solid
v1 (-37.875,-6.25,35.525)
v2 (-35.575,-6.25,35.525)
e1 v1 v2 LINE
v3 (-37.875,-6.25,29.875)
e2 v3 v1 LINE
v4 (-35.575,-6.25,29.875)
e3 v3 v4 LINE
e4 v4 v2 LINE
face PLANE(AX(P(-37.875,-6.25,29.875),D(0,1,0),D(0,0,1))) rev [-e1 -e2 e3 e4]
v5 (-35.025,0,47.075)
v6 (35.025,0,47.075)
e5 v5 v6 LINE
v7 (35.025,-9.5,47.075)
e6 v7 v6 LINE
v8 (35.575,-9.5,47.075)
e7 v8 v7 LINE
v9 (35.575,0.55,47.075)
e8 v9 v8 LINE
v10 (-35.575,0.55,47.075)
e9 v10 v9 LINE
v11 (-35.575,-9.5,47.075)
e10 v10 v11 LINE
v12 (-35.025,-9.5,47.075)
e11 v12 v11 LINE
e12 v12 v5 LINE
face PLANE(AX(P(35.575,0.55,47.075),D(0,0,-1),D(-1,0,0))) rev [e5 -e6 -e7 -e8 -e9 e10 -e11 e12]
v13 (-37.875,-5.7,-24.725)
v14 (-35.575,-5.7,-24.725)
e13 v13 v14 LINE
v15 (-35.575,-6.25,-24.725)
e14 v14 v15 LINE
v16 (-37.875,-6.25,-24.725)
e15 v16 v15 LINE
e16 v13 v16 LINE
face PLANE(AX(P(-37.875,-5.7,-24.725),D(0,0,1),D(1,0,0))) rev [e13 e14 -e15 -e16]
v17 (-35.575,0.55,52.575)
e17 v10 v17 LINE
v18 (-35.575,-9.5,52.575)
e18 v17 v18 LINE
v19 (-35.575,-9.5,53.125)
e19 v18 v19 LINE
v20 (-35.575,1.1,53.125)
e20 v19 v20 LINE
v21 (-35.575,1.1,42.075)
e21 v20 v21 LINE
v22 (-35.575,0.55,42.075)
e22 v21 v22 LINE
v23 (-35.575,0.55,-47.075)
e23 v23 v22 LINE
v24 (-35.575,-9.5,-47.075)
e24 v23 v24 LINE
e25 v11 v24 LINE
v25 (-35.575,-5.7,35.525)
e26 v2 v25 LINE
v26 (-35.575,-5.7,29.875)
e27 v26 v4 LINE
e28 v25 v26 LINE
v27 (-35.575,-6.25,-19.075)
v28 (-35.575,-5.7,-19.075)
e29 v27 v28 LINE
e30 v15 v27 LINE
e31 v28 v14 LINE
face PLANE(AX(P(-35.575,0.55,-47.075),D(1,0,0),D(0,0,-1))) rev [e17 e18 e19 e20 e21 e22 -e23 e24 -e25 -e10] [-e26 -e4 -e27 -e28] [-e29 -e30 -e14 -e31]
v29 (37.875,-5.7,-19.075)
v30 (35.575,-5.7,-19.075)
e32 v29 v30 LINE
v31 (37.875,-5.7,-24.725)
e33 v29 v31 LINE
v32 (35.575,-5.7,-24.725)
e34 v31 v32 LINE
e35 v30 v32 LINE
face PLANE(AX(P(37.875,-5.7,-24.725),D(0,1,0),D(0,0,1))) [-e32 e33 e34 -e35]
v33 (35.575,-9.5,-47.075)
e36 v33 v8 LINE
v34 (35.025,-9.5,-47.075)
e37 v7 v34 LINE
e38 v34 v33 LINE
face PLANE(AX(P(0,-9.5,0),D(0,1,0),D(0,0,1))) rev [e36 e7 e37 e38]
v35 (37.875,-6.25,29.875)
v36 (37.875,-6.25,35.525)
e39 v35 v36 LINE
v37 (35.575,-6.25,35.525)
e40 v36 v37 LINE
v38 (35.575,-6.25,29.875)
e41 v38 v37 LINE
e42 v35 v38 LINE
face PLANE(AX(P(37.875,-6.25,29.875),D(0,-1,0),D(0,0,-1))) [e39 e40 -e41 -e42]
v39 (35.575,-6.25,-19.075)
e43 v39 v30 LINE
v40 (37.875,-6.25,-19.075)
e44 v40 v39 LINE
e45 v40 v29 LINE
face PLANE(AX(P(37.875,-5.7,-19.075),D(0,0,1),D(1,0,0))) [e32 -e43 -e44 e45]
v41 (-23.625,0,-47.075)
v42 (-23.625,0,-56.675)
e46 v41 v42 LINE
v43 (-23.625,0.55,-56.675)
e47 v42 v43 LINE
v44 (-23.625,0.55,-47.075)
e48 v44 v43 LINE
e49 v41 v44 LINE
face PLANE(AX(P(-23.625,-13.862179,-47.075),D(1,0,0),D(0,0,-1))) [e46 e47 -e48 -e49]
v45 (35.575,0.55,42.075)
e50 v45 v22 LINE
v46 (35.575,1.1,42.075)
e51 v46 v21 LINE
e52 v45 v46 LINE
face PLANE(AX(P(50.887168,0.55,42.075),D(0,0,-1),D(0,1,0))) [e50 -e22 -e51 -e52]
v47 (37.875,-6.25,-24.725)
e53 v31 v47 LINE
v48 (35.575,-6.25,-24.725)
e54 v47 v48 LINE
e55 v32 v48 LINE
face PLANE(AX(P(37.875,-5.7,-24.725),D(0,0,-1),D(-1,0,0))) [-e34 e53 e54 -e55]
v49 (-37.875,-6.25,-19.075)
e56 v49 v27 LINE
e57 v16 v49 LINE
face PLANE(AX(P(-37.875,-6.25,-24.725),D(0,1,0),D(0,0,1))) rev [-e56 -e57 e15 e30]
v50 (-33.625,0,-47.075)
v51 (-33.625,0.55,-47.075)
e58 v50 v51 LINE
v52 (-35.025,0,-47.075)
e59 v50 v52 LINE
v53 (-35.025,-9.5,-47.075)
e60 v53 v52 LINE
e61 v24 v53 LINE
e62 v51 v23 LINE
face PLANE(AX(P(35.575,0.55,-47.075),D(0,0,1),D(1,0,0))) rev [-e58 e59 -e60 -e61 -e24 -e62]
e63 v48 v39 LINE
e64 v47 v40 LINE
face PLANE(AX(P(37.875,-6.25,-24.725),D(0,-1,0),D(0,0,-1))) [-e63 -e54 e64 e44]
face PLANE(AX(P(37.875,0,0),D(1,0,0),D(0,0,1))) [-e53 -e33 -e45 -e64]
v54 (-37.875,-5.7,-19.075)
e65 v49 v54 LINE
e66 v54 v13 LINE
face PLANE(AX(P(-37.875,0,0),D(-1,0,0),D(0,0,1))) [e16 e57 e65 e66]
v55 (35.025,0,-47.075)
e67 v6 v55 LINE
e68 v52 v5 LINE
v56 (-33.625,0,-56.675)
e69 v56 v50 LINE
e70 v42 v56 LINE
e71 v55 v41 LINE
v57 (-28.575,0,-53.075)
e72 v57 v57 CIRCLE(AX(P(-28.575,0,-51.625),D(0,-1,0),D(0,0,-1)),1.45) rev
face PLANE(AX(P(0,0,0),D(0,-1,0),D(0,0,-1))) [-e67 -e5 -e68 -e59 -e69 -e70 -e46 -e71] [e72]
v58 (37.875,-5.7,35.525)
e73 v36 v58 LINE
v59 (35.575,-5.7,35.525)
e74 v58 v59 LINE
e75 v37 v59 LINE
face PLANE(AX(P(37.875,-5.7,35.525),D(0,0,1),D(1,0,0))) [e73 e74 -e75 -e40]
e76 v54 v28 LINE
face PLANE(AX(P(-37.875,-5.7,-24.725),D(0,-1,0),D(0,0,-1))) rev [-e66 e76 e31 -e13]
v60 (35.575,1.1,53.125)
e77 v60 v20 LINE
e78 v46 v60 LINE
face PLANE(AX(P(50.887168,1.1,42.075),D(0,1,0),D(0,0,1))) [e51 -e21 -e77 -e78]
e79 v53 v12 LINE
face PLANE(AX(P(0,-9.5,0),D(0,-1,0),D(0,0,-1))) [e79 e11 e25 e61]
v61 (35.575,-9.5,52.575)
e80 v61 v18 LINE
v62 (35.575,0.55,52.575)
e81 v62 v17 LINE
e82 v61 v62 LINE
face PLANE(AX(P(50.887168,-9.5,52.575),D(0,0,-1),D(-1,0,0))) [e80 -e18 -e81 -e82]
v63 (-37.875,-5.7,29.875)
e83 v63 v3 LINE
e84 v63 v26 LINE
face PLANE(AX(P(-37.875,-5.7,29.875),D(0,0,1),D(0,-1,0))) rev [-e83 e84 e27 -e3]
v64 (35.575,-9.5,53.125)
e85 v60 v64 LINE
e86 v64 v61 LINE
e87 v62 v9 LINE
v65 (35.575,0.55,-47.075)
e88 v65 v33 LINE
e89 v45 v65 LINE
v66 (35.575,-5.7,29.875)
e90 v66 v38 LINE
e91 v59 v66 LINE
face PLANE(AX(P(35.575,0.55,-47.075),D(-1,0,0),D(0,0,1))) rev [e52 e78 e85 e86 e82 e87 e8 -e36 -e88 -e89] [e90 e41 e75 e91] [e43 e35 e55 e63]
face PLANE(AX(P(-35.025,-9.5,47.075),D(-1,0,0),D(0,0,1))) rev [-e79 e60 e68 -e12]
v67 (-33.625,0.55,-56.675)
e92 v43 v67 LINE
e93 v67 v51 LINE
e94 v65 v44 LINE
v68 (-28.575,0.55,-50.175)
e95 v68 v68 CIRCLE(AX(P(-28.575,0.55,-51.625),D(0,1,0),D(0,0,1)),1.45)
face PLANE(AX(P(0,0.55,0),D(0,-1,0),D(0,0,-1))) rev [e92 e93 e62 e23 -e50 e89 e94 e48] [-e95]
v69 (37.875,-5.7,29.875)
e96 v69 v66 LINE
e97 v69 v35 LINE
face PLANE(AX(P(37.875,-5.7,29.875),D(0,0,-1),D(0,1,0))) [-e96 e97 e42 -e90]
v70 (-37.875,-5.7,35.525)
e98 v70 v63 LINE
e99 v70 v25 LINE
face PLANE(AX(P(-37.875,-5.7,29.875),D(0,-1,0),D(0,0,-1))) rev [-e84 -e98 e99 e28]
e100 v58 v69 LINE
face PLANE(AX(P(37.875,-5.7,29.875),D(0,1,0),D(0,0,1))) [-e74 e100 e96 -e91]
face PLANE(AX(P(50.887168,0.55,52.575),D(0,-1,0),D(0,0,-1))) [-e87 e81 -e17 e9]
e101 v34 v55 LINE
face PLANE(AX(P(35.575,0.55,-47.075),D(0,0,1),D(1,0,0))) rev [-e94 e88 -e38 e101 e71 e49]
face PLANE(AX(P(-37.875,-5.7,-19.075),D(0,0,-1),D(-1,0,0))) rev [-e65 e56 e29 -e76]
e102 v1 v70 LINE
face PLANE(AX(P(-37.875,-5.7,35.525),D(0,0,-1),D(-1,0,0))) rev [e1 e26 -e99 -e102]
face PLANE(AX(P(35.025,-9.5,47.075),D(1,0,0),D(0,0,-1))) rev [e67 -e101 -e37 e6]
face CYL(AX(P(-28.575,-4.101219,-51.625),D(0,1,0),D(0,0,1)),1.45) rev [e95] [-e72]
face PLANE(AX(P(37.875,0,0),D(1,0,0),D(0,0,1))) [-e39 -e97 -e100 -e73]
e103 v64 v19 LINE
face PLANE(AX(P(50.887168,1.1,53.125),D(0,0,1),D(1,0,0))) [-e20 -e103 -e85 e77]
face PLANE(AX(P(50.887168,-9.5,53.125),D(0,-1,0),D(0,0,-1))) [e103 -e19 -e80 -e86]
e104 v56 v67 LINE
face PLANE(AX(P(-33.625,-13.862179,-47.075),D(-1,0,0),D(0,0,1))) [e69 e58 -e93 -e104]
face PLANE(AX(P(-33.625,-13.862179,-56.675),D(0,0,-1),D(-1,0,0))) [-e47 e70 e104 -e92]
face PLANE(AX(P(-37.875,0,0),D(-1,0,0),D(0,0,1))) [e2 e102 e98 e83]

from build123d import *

# Parameters (mm, degrees)
SKETCH_1_W          = 71.15
SKETCH_1_H          = 94.15
EXTRUDE_1_DEPTH     = 0.55
SKETCH_2_W          = 0.55
SKETCH_2_H          = 94.15
EXTRUDE_2_DEPTH     = 9.5
SKETCH_3_W          = 10
SKETCH_3_H          = 9.6
EXTRUDE_3_DEPTH     = 0.55
SKETCH_4_R          = 1.45
CUT_EXTRUDE_1_DEPTH = 0.55
EXTRUDE_4_DEPTH     = 71.15
SKETCH_6_W          = 5.65
SKETCH_6_H          = 0.55
EXTRUDE_5_DEPTH     = 2.3


with BuildPart() as part:
    # Эскиз1 → Бобышка-Вытянуть1 (new body)
    with BuildSketch(Plane(origin=(0, 0, 0), x_dir=(1, 0, 0), z_dir=(0, 1, 0))):
        Rectangle(SKETCH_1_W, SKETCH_1_H)
    extrude(amount=EXTRUDE_1_DEPTH)

    # Эскиз2 → Бобышка-Вытянуть2 (add)
    with BuildSketch(Plane.XZ):
        with Locations((-35.3, 0)):
            Rectangle(SKETCH_2_W, SKETCH_2_H)
        with Locations((35.3, 0)):
            Rectangle(SKETCH_2_W, SKETCH_2_H)
    extrude(amount=EXTRUDE_2_DEPTH)

    # Эскиз3 → Бобышка-Вытянуть3 (add)
    with BuildSketch(Plane(origin=(0, 0.55, 0), x_dir=(1, 0, 0), z_dir=(0, 1, 0))):
        with Locations((-28.625, 51.875)):
            Rectangle(SKETCH_3_W, SKETCH_3_H)
    extrude(amount=-EXTRUDE_3_DEPTH)

    # Эскиз4 → Вырез-Вытянуть1 (cut)
    with BuildSketch(Plane(origin=(0, 0.55, 0), x_dir=(1, 0, 0), z_dir=(0, 1, 0))):
        with Locations(Location((-28.575, 51.625, 0), (0, 0, 270))):
            Circle(SKETCH_4_R)
    extrude(amount=-CUT_EXTRUDE_1_DEPTH, mode=Mode.SUBTRACT)

    # Эскиз5 → Бобышка-Вытянуть4 (add)
    with BuildSketch(Plane.ZY.offset(35.575)):
        Polygon((42.075, 0.55), (42.075, 1.1), (53.125, 1.1), (53.125, -9.5), (52.575, -9.5), (52.575, 0.55), align=None)
    extrude(amount=-EXTRUDE_4_DEPTH)

    # Эскиз6 → Бобышка-Вытянуть5 (add)
    with BuildSketch(Plane.ZY.offset(35.575)):
        with Locations((-21.9, -5.975)):
            Rectangle(SKETCH_6_W, SKETCH_6_H)
        with Locations((32.7, -5.975)):
            Rectangle(SKETCH_6_W, SKETCH_6_H)
    extrude_5 = extrude(amount=EXTRUDE_5_DEPTH)

    # Зеркальное отражение1: Бобышка-Вытянуть5 across plane
    add(extrude_5.mirror(Plane(origin=(0, 0, 0), x_dir=(0, 0, 1), z_dir=(1, 0, 0))))


solid = part.part
